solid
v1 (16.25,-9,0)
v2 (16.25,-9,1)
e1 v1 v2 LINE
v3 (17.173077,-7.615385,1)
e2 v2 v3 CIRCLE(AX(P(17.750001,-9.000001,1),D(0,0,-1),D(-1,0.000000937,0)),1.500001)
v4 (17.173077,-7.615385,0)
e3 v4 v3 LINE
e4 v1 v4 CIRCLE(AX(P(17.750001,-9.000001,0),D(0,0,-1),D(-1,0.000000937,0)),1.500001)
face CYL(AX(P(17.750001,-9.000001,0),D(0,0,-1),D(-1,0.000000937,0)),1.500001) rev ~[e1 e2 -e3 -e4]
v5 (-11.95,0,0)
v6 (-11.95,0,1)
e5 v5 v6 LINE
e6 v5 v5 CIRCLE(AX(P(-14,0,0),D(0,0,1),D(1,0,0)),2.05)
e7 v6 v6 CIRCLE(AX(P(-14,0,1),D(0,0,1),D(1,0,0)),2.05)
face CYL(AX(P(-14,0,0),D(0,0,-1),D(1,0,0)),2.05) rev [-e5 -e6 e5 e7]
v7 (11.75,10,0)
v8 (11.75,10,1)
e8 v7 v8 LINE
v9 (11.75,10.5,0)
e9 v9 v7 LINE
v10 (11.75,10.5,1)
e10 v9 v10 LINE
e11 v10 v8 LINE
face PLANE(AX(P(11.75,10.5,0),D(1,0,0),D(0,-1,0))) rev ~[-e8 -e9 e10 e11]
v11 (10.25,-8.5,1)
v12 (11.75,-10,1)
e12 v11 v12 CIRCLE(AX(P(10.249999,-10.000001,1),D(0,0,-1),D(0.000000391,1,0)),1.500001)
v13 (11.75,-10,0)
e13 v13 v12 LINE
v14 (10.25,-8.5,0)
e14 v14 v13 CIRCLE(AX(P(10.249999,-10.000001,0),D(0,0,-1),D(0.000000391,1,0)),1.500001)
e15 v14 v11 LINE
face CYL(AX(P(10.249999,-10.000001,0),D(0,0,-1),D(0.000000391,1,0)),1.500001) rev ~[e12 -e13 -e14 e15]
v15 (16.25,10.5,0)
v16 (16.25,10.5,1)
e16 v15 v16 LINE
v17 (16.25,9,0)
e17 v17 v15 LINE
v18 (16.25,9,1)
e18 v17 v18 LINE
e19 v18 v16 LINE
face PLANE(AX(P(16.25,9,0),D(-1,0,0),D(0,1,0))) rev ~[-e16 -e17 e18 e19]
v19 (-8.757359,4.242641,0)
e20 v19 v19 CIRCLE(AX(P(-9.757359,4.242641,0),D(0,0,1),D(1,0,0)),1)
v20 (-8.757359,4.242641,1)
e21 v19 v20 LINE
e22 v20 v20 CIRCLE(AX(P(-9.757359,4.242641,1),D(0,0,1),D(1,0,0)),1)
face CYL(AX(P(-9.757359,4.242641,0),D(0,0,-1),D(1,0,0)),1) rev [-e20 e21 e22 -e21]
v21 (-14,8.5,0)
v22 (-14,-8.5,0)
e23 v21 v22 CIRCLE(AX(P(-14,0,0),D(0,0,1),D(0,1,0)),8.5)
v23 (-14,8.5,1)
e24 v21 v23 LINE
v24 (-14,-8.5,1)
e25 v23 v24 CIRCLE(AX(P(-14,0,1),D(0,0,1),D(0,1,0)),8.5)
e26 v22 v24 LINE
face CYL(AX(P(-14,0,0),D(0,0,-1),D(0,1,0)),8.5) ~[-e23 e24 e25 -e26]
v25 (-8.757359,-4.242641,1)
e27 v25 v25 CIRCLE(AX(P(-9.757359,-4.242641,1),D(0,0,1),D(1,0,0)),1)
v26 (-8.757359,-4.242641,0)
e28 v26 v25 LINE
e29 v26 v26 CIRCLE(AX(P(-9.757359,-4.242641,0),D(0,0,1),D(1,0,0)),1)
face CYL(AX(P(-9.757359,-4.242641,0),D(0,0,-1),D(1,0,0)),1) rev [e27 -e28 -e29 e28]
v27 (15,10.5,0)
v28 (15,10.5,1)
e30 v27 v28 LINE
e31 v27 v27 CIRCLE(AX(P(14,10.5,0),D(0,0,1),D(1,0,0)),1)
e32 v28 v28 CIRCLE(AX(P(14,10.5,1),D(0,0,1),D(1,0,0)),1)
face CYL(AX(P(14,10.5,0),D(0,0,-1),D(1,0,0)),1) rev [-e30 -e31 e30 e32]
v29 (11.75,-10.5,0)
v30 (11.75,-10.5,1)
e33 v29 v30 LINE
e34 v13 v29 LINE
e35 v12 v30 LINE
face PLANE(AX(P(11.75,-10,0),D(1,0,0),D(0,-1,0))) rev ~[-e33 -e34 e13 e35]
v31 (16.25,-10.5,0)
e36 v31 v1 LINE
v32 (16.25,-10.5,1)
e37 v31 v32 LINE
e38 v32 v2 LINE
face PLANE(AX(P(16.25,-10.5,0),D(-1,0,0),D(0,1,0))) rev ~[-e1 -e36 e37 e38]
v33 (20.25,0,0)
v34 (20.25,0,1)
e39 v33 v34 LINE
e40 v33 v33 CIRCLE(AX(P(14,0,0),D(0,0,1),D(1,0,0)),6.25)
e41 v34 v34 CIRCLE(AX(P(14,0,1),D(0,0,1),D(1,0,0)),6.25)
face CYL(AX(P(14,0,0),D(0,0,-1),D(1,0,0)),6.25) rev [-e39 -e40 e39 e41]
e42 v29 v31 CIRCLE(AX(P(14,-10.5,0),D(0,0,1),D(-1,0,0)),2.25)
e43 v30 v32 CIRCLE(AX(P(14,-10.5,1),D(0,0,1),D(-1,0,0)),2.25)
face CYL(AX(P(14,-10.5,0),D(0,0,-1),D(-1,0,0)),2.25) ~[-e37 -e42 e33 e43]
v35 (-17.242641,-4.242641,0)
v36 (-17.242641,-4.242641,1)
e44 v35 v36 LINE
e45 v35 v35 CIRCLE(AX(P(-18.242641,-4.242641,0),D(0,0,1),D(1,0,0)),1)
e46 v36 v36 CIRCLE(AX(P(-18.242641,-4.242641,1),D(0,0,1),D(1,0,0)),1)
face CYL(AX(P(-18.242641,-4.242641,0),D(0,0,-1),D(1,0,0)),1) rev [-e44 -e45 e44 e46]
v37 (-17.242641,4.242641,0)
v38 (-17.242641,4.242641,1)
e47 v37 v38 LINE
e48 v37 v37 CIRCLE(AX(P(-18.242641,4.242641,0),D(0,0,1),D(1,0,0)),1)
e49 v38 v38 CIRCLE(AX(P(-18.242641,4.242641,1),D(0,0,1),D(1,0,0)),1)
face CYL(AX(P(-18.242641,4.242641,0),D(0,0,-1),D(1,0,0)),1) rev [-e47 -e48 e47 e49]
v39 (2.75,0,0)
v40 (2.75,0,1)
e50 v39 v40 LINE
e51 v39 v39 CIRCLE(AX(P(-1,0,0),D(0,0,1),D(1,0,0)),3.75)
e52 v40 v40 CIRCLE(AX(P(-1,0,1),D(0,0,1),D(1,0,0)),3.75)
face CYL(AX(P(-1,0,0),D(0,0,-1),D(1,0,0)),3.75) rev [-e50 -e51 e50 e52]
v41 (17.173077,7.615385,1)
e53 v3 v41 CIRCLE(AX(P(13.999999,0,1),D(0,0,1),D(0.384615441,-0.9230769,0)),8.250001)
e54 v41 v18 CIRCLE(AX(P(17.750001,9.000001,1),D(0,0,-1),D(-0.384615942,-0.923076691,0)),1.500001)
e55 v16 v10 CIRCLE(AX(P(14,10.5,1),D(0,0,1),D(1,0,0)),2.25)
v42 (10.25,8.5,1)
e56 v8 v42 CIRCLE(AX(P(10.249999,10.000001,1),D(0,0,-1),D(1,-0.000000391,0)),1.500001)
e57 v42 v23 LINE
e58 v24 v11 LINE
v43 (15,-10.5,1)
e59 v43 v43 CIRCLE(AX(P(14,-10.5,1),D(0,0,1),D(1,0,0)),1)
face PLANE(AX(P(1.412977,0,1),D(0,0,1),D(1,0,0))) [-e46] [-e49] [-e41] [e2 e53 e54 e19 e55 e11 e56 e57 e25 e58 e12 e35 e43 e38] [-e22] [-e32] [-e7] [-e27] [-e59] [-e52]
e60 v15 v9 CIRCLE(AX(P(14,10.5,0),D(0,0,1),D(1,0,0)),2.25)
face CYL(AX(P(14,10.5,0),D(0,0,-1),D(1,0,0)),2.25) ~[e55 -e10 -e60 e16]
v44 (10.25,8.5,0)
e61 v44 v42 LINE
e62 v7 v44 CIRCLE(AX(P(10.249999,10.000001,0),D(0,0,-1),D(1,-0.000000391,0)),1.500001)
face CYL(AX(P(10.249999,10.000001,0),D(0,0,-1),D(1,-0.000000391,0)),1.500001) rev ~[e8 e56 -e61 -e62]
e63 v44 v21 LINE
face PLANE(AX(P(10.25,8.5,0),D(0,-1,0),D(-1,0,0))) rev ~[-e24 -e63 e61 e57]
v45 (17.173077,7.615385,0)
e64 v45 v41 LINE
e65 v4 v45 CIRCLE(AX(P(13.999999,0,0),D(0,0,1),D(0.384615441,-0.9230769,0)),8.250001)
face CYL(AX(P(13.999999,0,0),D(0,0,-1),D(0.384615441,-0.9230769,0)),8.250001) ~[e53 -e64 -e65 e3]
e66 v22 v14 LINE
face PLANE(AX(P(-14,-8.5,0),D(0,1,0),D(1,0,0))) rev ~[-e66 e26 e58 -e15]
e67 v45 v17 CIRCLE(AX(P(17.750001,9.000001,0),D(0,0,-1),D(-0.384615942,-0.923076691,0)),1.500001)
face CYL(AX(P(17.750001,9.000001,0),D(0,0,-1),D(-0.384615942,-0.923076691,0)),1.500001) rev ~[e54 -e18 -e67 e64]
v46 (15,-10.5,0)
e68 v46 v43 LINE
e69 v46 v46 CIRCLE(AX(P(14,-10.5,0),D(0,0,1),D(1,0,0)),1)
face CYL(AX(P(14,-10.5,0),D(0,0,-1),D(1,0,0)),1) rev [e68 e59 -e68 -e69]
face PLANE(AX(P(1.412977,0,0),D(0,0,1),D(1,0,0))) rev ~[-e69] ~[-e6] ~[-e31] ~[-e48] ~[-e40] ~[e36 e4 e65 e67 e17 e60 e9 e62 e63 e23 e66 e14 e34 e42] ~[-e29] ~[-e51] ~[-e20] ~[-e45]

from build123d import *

# Parameters (mm, degrees)
F0_R     = 1
F0_R_2   = 2.05
F0_R_3   = 3.75
F0_R_4   = 6.25
F1_DEPTH = 1


with BuildPart() as f1:
    # F0 (on Top) → F1 (new body)
    with BuildSketch(Plane.XY):
        with BuildLine():
            Line((16.25, 9), (16.25, 10.5))
            ThreePointArc((16.25, 10.5), (14, 12.75), (11.75, 10.5))
            Line((11.75, 10.5), (11.75, 10))
            ThreePointArc((11.75, 10), (11.31066, 8.93934), (10.25, 8.5))
            Line((10.25, 8.5), (-14, 8.5))
            ThreePointArc((-14, 8.5), (-22.5, 0), (-14, -8.5))
            Line((-14, -8.5), (10.25, -8.5))
            ThreePointArc((10.25, -8.5), (11.31066, -8.93934), (11.75, -10))
            Line((11.75, -10), (11.75, -10.5))
            ThreePointArc((11.75, -10.5), (14, -12.75), (16.25, -10.5))
            Line((16.25, -10.5), (16.25, -9))
            ThreePointArc((16.25, -9), (16.501925, -8.16795), (17.173077, -7.615385))
            ThreePointArc((17.173077, -7.615385), (22.25, 0), (17.173077, 7.615385))
            ThreePointArc((17.173077, 7.615385), (16.501925, 8.16795), (16.25, 9))
        make_face()
        with Locations((-18.242641, -4.242641)):
            Circle(F0_R, mode=Mode.SUBTRACT)
        with Locations((-9.757359, -4.242641)):
            Circle(F0_R, mode=Mode.SUBTRACT)
        with Locations((14, -10.5)):
            Circle(F0_R, mode=Mode.SUBTRACT)
        with Locations((-14, 0)):
            Circle(F0_R_2, mode=Mode.SUBTRACT)
        with Locations((-18.242641, 4.242641)):
            Circle(F0_R, mode=Mode.SUBTRACT)
        with Locations((-9.757359, 4.242641)):
            Circle(F0_R, mode=Mode.SUBTRACT)
        with Locations((-1, 0)):
            Circle(F0_R_3, mode=Mode.SUBTRACT)
        with Locations((14, 0)):
            Circle(F0_R_4, mode=Mode.SUBTRACT)
        with Locations((14, 10.5)):
            Circle(F0_R, mode=Mode.SUBTRACT)
    extrude(amount=F1_DEPTH)


solid = f1.part
